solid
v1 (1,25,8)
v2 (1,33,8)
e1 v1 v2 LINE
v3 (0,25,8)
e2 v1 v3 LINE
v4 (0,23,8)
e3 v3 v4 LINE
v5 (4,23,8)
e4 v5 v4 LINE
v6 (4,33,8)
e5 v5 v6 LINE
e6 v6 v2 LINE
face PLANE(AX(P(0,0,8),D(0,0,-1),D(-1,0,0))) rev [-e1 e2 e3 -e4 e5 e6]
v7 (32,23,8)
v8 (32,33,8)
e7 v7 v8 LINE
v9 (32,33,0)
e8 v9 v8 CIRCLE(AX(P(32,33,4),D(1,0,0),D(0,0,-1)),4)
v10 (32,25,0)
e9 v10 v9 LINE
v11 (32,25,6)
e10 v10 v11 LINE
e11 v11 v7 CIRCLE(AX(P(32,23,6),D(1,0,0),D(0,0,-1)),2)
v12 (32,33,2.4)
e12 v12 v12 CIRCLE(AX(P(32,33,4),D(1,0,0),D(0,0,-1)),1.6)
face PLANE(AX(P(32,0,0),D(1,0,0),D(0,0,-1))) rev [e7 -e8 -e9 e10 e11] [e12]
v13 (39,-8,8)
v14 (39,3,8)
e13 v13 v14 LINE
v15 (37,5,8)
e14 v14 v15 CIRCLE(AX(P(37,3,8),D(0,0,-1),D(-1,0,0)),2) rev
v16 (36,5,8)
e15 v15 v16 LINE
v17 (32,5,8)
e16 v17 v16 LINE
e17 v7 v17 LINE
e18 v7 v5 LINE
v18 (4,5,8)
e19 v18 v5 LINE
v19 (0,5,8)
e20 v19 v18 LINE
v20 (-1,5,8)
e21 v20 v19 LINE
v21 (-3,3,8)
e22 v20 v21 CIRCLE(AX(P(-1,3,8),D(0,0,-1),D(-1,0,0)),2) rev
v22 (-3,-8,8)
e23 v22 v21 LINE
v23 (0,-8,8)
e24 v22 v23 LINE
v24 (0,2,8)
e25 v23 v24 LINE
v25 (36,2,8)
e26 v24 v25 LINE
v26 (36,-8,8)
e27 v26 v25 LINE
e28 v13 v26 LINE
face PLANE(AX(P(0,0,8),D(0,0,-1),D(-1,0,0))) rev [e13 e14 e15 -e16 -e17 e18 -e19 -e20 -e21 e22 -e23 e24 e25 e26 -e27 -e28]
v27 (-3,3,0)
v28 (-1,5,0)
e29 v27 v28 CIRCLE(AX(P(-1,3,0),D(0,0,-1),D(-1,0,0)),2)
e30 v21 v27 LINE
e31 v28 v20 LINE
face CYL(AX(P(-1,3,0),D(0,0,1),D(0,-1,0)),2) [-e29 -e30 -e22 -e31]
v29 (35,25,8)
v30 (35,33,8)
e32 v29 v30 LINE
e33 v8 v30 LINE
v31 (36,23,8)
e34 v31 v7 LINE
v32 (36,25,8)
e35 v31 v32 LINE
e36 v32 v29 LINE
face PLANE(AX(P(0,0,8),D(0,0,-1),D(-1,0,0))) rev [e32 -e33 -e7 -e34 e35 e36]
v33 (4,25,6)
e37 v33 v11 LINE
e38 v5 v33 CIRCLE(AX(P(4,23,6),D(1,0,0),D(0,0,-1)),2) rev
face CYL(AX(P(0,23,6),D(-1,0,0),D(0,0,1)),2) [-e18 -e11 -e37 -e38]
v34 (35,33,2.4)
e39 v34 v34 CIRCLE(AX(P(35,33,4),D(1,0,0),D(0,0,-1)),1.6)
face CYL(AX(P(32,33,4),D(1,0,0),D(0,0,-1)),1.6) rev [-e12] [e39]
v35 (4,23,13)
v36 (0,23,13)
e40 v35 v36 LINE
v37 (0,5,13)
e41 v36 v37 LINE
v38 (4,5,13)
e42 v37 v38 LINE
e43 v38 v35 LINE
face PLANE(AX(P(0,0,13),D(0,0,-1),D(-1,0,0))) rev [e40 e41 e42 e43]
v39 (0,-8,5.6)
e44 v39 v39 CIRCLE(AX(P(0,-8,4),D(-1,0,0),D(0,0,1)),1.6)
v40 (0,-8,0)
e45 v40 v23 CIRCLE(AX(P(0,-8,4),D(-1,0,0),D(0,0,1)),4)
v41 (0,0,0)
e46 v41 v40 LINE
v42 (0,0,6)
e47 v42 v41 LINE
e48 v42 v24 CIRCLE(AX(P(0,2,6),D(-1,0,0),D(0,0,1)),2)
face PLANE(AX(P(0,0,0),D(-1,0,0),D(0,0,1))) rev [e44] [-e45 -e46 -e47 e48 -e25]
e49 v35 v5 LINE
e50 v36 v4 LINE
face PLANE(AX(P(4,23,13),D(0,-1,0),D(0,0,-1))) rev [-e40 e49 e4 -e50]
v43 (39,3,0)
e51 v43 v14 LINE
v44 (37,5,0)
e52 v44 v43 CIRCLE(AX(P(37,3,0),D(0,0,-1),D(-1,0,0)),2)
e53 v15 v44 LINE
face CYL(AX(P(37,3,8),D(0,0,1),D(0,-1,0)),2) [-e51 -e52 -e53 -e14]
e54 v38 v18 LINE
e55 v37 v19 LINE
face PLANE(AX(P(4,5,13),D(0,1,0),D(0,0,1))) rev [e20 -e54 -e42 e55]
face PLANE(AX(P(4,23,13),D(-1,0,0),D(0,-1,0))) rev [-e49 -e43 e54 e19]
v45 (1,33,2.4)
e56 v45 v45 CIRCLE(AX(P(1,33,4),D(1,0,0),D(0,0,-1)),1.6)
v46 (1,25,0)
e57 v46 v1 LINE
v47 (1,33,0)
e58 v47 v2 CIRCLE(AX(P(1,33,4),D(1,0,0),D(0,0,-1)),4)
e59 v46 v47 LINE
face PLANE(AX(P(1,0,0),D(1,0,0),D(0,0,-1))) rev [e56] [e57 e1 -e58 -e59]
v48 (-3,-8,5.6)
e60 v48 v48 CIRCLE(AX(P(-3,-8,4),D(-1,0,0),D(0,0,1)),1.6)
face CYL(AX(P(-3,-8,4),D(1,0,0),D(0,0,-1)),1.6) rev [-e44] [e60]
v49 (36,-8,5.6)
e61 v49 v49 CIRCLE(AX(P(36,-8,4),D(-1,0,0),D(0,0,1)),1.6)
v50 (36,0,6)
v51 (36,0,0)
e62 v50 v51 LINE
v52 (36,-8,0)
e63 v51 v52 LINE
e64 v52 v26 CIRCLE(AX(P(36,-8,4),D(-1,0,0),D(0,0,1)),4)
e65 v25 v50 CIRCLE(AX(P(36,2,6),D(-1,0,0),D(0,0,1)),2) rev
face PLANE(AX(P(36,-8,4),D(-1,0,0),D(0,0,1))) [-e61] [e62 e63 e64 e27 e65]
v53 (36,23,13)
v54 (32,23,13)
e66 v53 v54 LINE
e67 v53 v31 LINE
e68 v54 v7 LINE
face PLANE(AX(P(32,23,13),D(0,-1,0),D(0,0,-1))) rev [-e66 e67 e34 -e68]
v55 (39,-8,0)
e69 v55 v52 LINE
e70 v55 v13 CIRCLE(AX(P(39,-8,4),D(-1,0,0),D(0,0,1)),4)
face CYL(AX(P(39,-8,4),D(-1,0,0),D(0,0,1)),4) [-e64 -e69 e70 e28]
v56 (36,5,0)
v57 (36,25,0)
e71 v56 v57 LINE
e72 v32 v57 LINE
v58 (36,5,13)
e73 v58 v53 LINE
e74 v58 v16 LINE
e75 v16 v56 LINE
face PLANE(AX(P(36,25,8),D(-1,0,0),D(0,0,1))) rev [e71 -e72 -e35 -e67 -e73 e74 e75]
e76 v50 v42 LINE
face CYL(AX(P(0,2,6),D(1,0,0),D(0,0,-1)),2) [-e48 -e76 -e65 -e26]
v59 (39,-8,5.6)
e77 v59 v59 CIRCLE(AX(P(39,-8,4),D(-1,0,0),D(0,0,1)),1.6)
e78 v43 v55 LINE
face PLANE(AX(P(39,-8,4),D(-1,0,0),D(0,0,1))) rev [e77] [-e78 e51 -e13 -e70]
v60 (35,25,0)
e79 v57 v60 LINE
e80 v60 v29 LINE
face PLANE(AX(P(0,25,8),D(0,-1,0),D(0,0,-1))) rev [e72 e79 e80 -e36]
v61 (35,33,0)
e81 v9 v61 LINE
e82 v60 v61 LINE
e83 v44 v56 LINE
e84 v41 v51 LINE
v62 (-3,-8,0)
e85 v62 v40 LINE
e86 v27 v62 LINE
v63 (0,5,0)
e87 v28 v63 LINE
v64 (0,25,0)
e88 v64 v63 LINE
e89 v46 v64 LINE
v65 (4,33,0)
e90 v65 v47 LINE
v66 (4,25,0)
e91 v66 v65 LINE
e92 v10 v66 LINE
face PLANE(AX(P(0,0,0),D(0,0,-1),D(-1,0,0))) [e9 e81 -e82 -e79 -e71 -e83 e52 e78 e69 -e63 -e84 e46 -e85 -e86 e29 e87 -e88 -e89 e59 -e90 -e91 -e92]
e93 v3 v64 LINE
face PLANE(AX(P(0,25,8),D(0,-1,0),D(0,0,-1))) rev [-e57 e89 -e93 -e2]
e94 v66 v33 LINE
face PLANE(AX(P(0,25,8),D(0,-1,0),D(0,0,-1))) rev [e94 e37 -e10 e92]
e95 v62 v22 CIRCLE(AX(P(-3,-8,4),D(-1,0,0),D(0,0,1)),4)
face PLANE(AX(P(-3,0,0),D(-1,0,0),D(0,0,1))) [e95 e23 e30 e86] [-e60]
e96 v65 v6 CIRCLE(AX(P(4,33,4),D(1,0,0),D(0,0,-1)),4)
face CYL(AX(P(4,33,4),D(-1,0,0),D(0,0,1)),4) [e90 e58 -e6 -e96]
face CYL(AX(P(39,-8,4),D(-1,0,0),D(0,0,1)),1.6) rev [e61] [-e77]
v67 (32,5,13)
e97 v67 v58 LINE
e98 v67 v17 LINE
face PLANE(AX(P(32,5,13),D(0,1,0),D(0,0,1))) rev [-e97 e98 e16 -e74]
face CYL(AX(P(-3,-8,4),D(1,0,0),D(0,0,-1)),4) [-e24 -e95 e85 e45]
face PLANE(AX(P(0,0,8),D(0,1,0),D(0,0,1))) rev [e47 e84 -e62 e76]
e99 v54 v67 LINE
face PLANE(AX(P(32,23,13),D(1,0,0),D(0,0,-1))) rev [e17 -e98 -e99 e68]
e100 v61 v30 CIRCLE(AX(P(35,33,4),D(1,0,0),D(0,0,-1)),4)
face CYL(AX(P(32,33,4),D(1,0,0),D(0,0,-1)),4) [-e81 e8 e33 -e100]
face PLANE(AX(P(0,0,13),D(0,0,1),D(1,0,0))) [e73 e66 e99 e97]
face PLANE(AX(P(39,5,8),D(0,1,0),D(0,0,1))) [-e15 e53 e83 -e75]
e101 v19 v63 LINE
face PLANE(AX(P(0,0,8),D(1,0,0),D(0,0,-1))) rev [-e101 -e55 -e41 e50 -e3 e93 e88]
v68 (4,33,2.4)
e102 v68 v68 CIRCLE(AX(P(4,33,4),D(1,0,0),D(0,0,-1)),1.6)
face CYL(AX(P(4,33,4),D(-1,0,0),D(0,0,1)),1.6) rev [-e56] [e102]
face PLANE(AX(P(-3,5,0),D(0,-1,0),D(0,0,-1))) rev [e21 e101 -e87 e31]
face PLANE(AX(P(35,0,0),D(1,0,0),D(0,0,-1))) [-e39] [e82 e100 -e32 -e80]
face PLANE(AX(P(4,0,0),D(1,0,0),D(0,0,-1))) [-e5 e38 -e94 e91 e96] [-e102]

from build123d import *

# Parameters (mm, degrees)
SKETCH_1_W      = 36
SKETCH_1_H      = 25
EXTRUDE_1_DEPTH = 8
EXTRUDE_START   = -1
SKETCH_2_R      = 1.6
EXTRUDE_2_DEPTH = 3
EXTRUDE_START_2 = -32
SKETCH_2_3_R    = 1.6
EXTRUDE_3_DEPTH = 3
SKETCH_4_R      = 1.6
EXTRUDE_4_DEPTH = 3
FILLET_2_R      = 2
EXTRUDE_START_3 = -39
SKETCH_4_3_R    = 1.6
EXTRUDE_5_DEPTH = 3
FILLET_3_R      = 2
FILLET_4_R      = 2
FILLET_5_R      = 2
SKETCH_5_W      = 4
SKETCH_5_H      = 18
EXTRUDE_6_DEPTH = 5


with BuildPart() as part:
    # Эскиз1 → Бобышка-Вытянуть1 (new body)
    with BuildSketch(Plane.XY):
        with Locations((18, 12.5)):
            Rectangle(SKETCH_1_W, SKETCH_1_H)
    extrude(amount=EXTRUDE_1_DEPTH)

    # Эскиз2 → Бобышка-Вытянуть2 (add)
    with BuildSketch(Plane(origin=(36, 0, 0), x_dir=(0, 0, -1), z_dir=(1, 0, 0)).offset(EXTRUDE_START)):
        with BuildLine():
            Line((-8, 25), (0, 25))
            Line((0, 25), (0, 33))
            ThreePointArc((0, 33), (-4, 37), (-8, 33))
            Line((-8, 33), (-8, 25))
        make_face()
        with Locations((-4, 33)):
            Circle(SKETCH_2_R, mode=Mode.SUBTRACT)
    extrude(amount=-EXTRUDE_2_DEPTH)

    # Эскиз2<3> → Бобышка-Вытянуть3 (add)
    with BuildSketch(Plane(origin=(36, 0, 0), x_dir=(0, 0, -1), z_dir=(1, 0, 0)).offset(EXTRUDE_START_2)):
        with BuildLine():
            Line((-8, 25), (0, 25))
            Line((0, 25), (0, 33))
            ThreePointArc((0, 33), (-4, 37), (-8, 33))
            Line((-8, 33), (-8, 25))
        make_face()
        with Locations((-4, 33)):
            Circle(SKETCH_2_3_R, mode=Mode.SUBTRACT)
    extrude(amount=-EXTRUDE_3_DEPTH)

    # Эскиз4 → Бобышка-Вытянуть4 (add)
    with BuildSketch(Plane.ZY):
        with BuildLine():
            Line((8, -8), (8, 5))
            Line((8, 5), (0, 5))
            Line((0, 5), (0, -8))
            ThreePointArc((0, -8), (4, -12), (8, -8))
        make_face()
        with Locations((4, -8)):
            Circle(SKETCH_4_R, mode=Mode.SUBTRACT)
    extrude(amount=EXTRUDE_4_DEPTH)

    # Скругление2
    fillet_2_edges = [part.edges().sort_by_distance(p)[0] for p in [
        (-3, 5, 4),
    ]]
    fillet(fillet_2_edges, radius=FILLET_2_R)

    # Эскиз4<3> → Бобышка-Вытянуть5 (add)
    with BuildSketch(Plane.ZY.offset(EXTRUDE_START_3)):
        with BuildLine():
            Line((8, -8), (8, 5))
            Line((8, 5), (0, 5))
            Line((0, 5), (0, -8))
            ThreePointArc((0, -8), (4, -12), (8, -8))
        make_face()
        with Locations((4, -8)):
            Circle(SKETCH_4_3_R, mode=Mode.SUBTRACT)
    extrude(amount=EXTRUDE_5_DEPTH)

    # Скругление3
    fillet_3_edges = [part.edges().sort_by_distance(p)[0] for p in [
        (39, 5, 4),
    ]]
    fillet(fillet_3_edges, radius=FILLET_3_R)

    # Скругление4
    fillet_4_edges = [part.edges().sort_by_distance(p)[0] for p in [
        (18, 0, 8),
    ]]
    fillet(fillet_4_edges, radius=FILLET_4_R)

    # Скругление5
    fillet_5_edges = [part.edges().sort_by_distance(p)[0] for p in [
        (18, 25, 8),
    ]]
    fillet(fillet_5_edges, radius=FILLET_5_R)

    # Эскиз5 → Бобышка-Вытянуть6 (add)
    with BuildSketch(Plane.XY.offset(8)):
        with Locations((2, 14)):
            Rectangle(SKETCH_5_W, SKETCH_5_H)
        with Locations((34, 14)):
            Rectangle(SKETCH_5_W, SKETCH_5_H)
    extrude(amount=EXTRUDE_6_DEPTH)


solid = part.part
